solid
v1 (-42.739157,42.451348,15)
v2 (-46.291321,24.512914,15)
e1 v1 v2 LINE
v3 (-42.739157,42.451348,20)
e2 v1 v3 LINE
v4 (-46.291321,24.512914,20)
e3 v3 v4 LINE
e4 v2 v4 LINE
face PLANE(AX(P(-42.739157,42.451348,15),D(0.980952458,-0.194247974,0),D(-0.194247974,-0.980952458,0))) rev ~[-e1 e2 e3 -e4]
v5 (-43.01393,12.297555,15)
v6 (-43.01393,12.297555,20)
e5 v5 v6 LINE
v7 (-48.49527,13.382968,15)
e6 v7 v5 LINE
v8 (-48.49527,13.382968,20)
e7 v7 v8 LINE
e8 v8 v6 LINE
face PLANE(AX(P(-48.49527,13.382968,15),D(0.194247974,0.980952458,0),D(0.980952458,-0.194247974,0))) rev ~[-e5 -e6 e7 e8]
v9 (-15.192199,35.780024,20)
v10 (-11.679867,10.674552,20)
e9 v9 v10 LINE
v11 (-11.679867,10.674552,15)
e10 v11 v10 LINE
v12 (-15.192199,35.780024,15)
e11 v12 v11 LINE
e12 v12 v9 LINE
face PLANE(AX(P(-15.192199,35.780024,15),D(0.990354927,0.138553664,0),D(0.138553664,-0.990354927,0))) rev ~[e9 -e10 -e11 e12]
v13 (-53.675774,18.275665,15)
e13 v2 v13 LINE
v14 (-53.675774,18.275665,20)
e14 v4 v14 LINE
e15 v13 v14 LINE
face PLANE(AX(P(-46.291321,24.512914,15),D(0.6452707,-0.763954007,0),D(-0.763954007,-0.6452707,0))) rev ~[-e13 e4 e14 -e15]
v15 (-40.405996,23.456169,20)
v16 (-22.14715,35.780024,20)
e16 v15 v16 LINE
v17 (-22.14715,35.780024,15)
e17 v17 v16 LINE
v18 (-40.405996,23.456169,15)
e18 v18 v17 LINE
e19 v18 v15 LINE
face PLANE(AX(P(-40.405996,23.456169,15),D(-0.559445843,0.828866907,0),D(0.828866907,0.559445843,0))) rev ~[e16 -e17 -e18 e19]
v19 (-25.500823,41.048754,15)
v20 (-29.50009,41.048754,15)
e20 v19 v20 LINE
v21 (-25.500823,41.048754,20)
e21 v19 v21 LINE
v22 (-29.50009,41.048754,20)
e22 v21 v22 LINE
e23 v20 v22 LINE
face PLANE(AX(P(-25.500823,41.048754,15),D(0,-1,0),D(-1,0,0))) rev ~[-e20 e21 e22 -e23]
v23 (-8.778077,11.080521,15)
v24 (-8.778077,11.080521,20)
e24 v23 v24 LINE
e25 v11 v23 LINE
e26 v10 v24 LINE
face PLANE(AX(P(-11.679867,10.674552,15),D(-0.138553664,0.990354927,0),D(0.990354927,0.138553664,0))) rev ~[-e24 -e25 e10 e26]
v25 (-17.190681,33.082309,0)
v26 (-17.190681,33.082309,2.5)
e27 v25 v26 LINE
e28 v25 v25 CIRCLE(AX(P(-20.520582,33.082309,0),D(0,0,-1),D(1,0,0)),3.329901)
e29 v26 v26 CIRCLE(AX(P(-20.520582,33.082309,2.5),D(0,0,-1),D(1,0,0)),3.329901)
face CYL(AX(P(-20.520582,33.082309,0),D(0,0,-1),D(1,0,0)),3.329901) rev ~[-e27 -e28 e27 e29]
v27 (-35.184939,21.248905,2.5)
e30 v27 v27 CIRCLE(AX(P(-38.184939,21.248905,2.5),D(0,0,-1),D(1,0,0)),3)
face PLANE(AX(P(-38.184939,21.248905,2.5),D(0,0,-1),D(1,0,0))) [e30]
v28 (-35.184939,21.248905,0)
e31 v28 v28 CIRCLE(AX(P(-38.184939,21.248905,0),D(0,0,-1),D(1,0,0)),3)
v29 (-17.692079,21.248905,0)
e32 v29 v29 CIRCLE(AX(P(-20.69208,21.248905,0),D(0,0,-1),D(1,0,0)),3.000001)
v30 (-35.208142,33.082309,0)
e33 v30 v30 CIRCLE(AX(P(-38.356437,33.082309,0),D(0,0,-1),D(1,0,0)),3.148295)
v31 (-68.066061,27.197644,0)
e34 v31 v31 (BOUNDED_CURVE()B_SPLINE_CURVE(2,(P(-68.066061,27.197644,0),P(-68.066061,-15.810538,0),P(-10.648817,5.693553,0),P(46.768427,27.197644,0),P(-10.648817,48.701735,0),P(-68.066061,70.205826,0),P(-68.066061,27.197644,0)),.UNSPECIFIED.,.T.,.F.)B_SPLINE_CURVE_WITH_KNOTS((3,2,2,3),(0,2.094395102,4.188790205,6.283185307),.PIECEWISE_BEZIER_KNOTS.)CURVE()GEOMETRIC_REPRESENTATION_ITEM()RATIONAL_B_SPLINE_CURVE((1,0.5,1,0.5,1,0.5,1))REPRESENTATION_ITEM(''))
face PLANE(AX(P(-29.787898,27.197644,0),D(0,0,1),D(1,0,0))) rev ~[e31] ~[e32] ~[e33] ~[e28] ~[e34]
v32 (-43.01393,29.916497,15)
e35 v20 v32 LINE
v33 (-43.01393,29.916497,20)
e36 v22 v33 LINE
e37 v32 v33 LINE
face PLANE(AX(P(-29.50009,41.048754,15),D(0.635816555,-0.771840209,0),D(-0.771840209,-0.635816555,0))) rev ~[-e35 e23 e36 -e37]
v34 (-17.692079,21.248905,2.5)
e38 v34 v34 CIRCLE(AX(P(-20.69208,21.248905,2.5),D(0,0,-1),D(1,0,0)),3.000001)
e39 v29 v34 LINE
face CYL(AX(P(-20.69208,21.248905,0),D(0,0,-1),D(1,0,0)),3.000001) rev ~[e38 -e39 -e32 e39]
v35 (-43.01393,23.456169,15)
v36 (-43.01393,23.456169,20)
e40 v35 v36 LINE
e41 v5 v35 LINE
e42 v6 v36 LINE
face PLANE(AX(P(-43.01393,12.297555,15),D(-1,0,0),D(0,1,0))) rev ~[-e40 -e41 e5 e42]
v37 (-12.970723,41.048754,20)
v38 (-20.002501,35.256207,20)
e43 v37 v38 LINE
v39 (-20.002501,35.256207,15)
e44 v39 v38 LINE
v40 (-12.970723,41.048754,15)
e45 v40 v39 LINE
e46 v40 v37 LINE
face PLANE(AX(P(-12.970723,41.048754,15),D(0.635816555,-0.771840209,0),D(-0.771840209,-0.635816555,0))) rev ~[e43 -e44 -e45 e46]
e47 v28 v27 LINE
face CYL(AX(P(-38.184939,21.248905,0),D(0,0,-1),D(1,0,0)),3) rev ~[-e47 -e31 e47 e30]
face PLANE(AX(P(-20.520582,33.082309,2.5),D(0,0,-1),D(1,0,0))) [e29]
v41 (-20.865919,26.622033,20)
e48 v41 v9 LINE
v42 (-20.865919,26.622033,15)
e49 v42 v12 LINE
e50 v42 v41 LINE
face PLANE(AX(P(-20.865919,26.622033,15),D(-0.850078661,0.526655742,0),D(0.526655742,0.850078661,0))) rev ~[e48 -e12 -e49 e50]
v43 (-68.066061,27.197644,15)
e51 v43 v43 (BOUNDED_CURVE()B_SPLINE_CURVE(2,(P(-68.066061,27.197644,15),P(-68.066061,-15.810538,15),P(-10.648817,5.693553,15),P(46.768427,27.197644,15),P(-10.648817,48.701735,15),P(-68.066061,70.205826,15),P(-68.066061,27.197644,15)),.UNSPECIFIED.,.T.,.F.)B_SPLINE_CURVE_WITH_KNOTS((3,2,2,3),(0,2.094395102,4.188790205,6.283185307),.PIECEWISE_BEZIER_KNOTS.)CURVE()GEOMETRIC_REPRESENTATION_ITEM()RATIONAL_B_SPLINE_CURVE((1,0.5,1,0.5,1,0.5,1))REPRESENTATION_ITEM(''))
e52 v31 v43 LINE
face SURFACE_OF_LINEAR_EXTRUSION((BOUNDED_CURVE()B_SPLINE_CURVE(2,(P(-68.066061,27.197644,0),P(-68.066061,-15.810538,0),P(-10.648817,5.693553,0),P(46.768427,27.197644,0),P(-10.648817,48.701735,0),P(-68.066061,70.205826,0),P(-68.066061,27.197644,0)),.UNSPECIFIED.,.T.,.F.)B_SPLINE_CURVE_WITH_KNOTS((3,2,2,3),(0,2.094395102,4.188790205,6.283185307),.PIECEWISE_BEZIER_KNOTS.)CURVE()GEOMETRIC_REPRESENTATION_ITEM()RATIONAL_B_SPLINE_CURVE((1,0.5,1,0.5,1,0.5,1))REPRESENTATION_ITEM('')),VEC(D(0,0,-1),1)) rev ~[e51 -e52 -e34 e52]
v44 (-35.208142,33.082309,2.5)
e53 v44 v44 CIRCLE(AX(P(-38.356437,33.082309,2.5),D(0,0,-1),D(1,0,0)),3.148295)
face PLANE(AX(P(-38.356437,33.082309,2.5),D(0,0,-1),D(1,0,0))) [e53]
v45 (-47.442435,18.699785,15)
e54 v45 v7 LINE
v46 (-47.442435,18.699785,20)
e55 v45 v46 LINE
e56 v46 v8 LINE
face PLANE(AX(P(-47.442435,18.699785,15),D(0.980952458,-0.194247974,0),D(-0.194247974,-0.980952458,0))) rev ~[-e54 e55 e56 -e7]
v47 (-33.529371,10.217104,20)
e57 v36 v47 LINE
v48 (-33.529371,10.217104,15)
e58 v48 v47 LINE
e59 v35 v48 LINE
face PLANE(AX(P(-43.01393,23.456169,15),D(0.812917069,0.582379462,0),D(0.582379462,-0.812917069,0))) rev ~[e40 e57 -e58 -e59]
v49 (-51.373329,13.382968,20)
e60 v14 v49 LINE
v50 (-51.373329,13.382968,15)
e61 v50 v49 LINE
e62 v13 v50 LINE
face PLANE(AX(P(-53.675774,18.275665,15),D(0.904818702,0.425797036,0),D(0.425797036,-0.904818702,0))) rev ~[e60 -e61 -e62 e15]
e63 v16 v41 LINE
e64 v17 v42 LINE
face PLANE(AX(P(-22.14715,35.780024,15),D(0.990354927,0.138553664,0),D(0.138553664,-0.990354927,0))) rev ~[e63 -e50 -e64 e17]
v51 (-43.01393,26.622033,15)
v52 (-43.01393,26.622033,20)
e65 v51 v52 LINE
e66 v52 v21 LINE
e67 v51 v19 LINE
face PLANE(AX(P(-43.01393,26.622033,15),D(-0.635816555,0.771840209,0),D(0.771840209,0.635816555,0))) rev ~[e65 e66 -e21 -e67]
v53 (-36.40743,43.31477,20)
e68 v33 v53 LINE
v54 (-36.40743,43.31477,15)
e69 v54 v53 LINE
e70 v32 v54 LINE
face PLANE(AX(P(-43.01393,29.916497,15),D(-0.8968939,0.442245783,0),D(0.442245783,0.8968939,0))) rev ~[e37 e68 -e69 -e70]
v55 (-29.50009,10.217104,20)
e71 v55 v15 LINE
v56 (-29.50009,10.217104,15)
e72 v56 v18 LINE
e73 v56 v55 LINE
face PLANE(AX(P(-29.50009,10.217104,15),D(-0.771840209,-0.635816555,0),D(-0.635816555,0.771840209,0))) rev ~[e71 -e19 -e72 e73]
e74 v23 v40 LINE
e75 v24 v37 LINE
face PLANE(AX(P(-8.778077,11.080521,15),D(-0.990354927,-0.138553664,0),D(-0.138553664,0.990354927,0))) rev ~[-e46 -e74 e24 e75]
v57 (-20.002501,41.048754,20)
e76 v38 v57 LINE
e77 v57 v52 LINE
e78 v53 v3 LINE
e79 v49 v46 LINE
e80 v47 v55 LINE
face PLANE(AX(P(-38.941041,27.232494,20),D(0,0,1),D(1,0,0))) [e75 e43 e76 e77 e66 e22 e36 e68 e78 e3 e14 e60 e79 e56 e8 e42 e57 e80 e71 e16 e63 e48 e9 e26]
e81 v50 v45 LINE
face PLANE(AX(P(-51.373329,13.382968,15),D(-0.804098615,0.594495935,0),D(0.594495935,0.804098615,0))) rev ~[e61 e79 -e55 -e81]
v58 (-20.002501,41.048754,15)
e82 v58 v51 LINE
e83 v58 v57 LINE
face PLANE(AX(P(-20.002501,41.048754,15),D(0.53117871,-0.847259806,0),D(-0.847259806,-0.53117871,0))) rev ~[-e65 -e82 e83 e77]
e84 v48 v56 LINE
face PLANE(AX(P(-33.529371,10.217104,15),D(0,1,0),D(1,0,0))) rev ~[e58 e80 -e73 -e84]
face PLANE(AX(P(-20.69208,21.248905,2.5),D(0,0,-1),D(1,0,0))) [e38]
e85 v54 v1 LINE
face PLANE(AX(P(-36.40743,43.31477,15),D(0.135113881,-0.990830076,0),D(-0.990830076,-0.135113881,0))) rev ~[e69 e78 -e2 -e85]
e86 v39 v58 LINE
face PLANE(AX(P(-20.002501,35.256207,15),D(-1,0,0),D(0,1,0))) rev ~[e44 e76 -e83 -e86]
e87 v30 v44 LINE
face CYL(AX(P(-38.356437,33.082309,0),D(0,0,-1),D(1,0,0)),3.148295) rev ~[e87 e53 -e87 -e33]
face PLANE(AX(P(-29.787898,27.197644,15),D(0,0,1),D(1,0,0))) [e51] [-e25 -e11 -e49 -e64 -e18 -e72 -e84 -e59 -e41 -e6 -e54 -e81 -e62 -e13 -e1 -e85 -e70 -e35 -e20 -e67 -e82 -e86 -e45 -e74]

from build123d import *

# Parameters (mm, degrees)
F2_DEPTH = 15
F4_DEPTH = 5
F6_R     = 3
F6_R_2   = 3.0000008566
F6_R_3   = 3.3299006103
F6_R_4   = 3.1482950521
F7_DEPTH = 2.5


with BuildPart() as f2:
    # F1 (on face) + F0 (on Top) → F2 (new body)
    with BuildSketch(Plane.XY):
        with BuildLine():
            add(Edge.make_bspline(
                [(-68.0660605431, 27.1976441145), (-68.0660605431, -15.8105377646), (-10.648816824, 5.6935531749), (46.7684268951, 27.1976441145), (-10.648816824, 48.7017350541), (-68.0660605431, 70.2058259936), (-68.0660605431, 27.1976441145)],
                knots=[0, 0, 0, 2.0943951024, 2.0943951024, 4.1887902048, 4.1887902048, 6.2831853072, 6.2831853072, 6.2831853072], degree=2, weights=[1, 0.5, 1, 0.5, 1, 0.5, 1]))
        make_face()
    with BuildSketch(Plane.XY):
        with BuildLine():
            add(Edge.make_bspline(
                [(-68.0660605431, 27.1976441145), (-68.0660605431, -15.8105377646), (-10.648816824, 5.6935531749), (46.7684268951, 27.1976441145), (-10.648816824, 48.7017350541), (-68.0660605431, 70.2058259936), (-68.0660605431, 27.1976441145)],
                knots=[0, 0, 0, 2.0943951024, 2.0943951024, 4.1887902048, 4.1887902048, 6.2831853072, 6.2831853072, 6.2831853072], degree=2, weights=[1, 0.5, 1, 0.5, 1, 0.5, 1]))
        make_face()
    extrude(amount=F2_DEPTH)

    # F3 (on face) → F4 (join)
    with BuildSketch(Plane.XY.offset(15)):
        Polygon((-36.4074297249, 43.3147698641), (-42.7391566336, 42.4513481557), (-46.2913210955, 24.5129141748), (-47.4424354808, 18.6997854116), (-48.4952703118, 13.3829684928), (-43.0139297257, 12.297554724), (-43.0139297257, 23.4561692923), (-33.5293710232, 10.2171041071), (-29.5000895858, 10.2171041071), (-40.4059956367, 23.4561692923), (-43.0139297257, 26.6220327467), (-25.5008225164, 41.0487539096), (-29.5000895858, 41.0487539096), (-43.0139297257, 29.9164972969), align=None)
        Polygon((-20.0025010854, 41.0487539096), (-43.0139297257, 26.6220327467), (-40.4059956367, 23.4561692923), (-22.1471498775, 35.7800240209), (-20.8659190685, 26.6220327467), (-15.1921986158, 35.7800240209), (-11.679866774, 10.6745518981), (-8.7780766189, 11.0805211589), (-12.9707234497, 41.0487539096), (-20.0025010854, 35.2562069893), align=None)
        Polygon((-47.4424354808, 18.6997854116), (-46.2913210955, 24.5129141748), (-53.6757744849, 18.2756651193), (-51.3733290136, 13.3829684928), align=None)
    extrude(amount=F4_DEPTH)

    # F6 (on face) → F7 (cut)
    with BuildSketch(Plane(origin=(0, 0, 0), x_dir=(1, 0, 0), z_dir=(0, 0, -1))):
        with Locations((-38.184939098, -21.2489045136)):
            Circle(F6_R)
        with Locations((-20.6920800837, -21.2489045136)):
            Circle(F6_R_2)
        with Locations((-20.5205815094, -33.0823089125)):
            Circle(F6_R_3)
        with Locations((-38.3564371173, -33.0823089125)):
            Circle(F6_R_4)
    extrude(amount=-F7_DEPTH, mode=Mode.SUBTRACT)


solid = f2.part
